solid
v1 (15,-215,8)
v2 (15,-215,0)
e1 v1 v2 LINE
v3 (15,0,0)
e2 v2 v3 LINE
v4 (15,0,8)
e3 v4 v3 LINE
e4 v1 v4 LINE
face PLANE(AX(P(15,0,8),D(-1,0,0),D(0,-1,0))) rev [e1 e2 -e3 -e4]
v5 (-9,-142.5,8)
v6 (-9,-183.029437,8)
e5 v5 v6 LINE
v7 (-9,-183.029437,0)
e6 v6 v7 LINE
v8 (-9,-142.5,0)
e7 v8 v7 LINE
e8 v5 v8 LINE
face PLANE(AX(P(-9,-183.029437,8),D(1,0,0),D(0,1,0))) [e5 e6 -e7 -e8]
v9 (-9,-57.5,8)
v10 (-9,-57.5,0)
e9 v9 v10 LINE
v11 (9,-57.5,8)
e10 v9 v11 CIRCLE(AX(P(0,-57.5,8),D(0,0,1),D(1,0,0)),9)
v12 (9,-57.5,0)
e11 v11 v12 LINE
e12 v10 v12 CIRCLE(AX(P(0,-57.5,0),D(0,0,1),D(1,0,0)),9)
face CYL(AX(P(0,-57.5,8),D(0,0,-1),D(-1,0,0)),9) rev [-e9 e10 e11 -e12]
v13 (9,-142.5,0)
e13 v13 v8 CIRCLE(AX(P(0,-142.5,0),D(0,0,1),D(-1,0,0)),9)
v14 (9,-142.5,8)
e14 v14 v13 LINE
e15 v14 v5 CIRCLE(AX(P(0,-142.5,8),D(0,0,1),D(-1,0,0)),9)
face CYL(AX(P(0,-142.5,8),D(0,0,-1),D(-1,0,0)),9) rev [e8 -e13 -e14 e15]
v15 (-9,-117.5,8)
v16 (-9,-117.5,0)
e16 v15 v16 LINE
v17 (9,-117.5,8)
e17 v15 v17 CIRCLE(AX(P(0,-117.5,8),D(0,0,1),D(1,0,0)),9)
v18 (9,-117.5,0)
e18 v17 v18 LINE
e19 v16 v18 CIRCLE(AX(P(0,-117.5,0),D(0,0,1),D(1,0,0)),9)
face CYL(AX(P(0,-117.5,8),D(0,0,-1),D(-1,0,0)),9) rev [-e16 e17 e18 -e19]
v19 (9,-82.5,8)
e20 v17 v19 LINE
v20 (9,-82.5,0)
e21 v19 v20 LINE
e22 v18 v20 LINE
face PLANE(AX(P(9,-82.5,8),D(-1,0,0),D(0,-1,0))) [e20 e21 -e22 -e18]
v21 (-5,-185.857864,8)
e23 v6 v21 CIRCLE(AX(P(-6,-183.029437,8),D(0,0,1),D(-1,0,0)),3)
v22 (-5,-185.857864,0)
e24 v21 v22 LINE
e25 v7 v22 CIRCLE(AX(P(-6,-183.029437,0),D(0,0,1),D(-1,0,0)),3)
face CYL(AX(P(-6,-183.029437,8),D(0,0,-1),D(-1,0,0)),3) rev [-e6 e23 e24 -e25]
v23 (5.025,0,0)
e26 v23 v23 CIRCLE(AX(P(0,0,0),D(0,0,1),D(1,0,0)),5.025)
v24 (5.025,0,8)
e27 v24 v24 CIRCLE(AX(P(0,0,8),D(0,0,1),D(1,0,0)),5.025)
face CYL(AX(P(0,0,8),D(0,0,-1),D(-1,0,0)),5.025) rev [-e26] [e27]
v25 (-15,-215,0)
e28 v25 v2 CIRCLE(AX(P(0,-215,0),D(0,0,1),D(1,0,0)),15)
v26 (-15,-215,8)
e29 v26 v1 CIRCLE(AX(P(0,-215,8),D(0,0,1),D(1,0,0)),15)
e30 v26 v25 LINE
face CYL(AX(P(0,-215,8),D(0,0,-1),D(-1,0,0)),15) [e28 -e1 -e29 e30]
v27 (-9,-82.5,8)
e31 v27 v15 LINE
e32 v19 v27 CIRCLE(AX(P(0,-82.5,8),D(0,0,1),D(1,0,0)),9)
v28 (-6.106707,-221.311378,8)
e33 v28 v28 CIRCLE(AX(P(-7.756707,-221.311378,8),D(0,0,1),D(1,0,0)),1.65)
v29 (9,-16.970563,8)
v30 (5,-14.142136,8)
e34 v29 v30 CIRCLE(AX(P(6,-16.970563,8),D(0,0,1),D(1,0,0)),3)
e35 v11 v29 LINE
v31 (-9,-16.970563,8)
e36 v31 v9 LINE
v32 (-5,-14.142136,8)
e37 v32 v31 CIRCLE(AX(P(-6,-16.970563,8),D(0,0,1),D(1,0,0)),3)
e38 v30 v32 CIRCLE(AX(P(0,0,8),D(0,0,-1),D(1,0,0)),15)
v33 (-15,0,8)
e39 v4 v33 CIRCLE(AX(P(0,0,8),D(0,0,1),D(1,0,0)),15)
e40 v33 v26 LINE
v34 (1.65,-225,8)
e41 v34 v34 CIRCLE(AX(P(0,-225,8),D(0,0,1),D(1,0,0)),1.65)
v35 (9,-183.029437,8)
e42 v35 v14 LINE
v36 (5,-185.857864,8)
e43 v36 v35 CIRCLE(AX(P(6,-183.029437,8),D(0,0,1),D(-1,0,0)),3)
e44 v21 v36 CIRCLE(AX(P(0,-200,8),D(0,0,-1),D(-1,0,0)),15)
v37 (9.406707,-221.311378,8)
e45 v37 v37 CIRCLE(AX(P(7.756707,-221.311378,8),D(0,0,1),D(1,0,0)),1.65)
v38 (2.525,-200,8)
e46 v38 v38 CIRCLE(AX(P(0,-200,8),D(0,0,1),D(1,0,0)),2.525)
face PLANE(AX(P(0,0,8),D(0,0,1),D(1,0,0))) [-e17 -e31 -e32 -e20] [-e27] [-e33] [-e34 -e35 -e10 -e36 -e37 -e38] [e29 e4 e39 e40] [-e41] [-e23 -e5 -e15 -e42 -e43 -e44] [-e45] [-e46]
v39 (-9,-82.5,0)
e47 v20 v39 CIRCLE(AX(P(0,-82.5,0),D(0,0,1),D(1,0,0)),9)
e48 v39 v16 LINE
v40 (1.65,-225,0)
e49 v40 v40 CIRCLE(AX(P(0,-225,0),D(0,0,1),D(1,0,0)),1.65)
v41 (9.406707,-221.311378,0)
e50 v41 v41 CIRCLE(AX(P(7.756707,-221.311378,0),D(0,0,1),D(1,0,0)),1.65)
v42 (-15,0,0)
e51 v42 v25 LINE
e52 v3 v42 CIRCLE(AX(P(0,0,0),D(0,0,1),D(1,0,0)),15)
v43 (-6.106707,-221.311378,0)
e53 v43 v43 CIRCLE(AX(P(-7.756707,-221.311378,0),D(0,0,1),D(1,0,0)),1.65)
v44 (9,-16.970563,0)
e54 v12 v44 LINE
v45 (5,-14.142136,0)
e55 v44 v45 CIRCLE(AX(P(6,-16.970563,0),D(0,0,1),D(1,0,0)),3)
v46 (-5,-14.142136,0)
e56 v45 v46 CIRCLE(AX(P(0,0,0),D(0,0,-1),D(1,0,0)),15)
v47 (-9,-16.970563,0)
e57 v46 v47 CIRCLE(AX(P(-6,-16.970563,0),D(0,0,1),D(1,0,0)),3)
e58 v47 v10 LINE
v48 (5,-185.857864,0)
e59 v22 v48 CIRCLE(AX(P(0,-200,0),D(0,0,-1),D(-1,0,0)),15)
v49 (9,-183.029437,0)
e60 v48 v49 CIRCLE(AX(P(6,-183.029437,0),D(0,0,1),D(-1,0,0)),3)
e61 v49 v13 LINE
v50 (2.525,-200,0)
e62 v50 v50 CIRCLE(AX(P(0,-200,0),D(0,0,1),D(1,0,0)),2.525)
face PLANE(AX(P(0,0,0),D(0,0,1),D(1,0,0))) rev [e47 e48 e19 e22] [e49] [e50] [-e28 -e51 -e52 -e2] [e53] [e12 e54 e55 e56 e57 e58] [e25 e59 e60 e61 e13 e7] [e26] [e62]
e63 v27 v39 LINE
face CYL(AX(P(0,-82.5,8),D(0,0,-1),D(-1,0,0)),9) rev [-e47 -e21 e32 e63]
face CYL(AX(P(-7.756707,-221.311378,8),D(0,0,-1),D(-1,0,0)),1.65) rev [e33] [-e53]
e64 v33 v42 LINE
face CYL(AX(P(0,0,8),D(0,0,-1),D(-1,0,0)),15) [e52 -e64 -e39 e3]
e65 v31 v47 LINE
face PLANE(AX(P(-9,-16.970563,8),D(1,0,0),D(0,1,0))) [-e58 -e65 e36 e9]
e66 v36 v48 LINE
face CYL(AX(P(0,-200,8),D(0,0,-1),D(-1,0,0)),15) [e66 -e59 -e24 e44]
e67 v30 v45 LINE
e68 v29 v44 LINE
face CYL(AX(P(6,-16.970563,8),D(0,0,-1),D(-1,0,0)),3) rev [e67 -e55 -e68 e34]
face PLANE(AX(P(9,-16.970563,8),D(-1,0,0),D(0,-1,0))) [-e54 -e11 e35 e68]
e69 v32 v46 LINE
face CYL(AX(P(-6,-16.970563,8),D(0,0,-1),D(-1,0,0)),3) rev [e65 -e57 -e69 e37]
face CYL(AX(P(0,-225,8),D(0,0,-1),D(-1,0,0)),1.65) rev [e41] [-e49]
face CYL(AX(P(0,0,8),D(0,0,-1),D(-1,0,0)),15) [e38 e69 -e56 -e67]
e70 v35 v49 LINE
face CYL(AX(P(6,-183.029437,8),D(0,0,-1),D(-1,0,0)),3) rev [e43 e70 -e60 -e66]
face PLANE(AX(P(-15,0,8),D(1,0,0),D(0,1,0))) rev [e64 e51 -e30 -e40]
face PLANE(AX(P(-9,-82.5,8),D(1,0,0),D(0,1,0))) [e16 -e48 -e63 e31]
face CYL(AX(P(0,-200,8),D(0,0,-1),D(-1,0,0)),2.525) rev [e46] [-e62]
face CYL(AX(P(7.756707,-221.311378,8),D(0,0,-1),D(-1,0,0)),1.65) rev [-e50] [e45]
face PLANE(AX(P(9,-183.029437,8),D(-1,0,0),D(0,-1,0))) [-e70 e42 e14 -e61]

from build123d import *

# Parameters (mm, degrees)
SKETCH_1_R      = 5.025
SKETCH_1_R_2    = 2.525
EXTRUDE_1_DEPTH = 8
SKETCH_2_R      = 1.65
EXTRUDE_2_DEPTH = 8


with BuildPart() as part:
    # 草图1 → 凸台-拉伸1 (new body)
    with BuildSketch(Plane.XY):
        with BuildLine():
            Line((-15, 0), (-15, -200))
            ThreePointArc((-15, -200), (0, -215), (15, -200))
            Line((15, -200), (15, 0))
            ThreePointArc((15, 0), (0, 15), (-15, 0))
        make_face()
        Circle(SKETCH_1_R, mode=Mode.SUBTRACT)
        with Locations((0, -200)):
            Circle(SKETCH_1_R_2, mode=Mode.SUBTRACT)
        with BuildLine():
            Line((-9, -16.970562748), (-9, -57.5))
            ThreePointArc((-9, -57.5), (0, -66.5), (9, -57.5))
            Line((9, -57.5), (9, -16.970562748))
            ThreePointArc((9, -16.970562748), (7.732050808, -14.521073006), (5, -14.142135624))
            ThreePointArc((5, -14.142135624), (0, -15), (-5, -14.142135624))
            ThreePointArc((-5, -14.142135624), (-7.732050808, -14.521073006), (-9, -16.970562748))
        make_face(mode=Mode.SUBTRACT)
        with BuildLine():
            Line((9, -82.5), (9, -117.5))
            ThreePointArc((9, -117.5), (0, -126.5), (-9, -117.5))
            Line((-9, -117.5), (-9, -82.5))
            ThreePointArc((-9, -82.5), (0, -73.5), (9, -82.5))
        make_face(mode=Mode.SUBTRACT)
        with BuildLine():
            Line((-9, -183.029437252), (-9, -142.5))
            ThreePointArc((-9, -142.5), (0, -133.5), (9, -142.5))
            Line((9, -142.5), (9, -183.029437252))
            ThreePointArc((9, -183.029437252), (7.732050808, -185.478926994), (5, -185.857864376))
            ThreePointArc((5, -185.857864376), (0, -185), (-5, -185.857864376))
            ThreePointArc((-5, -185.857864376), (-7.732050808, -185.478926994), (-9, -183.029437252))
        make_face(mode=Mode.SUBTRACT)
    extrude(amount=EXTRUDE_1_DEPTH)

    # 草图2 → 凸台-拉伸2 (add, through all)
    with BuildSketch(Plane.XY):
        with BuildLine():
            Line((-15, -200), (-15, -215))
            ThreePointArc((-15, -215), (0, -230), (15, -215))
            Line((15, -215), (15, -200))
            ThreePointArc((15, -200), (0, -215), (-15, -200))
        make_face()
        with Locations((0, -225)):
            Circle(SKETCH_2_R, mode=Mode.SUBTRACT)
        with Locations((-7.756707253, -221.311378027)):
            Circle(SKETCH_2_R, mode=Mode.SUBTRACT)
        with Locations((7.756707253, -221.311378027)):
            Circle(SKETCH_2_R, mode=Mode.SUBTRACT)
    extrude(amount=EXTRUDE_2_DEPTH)


solid = part.part
